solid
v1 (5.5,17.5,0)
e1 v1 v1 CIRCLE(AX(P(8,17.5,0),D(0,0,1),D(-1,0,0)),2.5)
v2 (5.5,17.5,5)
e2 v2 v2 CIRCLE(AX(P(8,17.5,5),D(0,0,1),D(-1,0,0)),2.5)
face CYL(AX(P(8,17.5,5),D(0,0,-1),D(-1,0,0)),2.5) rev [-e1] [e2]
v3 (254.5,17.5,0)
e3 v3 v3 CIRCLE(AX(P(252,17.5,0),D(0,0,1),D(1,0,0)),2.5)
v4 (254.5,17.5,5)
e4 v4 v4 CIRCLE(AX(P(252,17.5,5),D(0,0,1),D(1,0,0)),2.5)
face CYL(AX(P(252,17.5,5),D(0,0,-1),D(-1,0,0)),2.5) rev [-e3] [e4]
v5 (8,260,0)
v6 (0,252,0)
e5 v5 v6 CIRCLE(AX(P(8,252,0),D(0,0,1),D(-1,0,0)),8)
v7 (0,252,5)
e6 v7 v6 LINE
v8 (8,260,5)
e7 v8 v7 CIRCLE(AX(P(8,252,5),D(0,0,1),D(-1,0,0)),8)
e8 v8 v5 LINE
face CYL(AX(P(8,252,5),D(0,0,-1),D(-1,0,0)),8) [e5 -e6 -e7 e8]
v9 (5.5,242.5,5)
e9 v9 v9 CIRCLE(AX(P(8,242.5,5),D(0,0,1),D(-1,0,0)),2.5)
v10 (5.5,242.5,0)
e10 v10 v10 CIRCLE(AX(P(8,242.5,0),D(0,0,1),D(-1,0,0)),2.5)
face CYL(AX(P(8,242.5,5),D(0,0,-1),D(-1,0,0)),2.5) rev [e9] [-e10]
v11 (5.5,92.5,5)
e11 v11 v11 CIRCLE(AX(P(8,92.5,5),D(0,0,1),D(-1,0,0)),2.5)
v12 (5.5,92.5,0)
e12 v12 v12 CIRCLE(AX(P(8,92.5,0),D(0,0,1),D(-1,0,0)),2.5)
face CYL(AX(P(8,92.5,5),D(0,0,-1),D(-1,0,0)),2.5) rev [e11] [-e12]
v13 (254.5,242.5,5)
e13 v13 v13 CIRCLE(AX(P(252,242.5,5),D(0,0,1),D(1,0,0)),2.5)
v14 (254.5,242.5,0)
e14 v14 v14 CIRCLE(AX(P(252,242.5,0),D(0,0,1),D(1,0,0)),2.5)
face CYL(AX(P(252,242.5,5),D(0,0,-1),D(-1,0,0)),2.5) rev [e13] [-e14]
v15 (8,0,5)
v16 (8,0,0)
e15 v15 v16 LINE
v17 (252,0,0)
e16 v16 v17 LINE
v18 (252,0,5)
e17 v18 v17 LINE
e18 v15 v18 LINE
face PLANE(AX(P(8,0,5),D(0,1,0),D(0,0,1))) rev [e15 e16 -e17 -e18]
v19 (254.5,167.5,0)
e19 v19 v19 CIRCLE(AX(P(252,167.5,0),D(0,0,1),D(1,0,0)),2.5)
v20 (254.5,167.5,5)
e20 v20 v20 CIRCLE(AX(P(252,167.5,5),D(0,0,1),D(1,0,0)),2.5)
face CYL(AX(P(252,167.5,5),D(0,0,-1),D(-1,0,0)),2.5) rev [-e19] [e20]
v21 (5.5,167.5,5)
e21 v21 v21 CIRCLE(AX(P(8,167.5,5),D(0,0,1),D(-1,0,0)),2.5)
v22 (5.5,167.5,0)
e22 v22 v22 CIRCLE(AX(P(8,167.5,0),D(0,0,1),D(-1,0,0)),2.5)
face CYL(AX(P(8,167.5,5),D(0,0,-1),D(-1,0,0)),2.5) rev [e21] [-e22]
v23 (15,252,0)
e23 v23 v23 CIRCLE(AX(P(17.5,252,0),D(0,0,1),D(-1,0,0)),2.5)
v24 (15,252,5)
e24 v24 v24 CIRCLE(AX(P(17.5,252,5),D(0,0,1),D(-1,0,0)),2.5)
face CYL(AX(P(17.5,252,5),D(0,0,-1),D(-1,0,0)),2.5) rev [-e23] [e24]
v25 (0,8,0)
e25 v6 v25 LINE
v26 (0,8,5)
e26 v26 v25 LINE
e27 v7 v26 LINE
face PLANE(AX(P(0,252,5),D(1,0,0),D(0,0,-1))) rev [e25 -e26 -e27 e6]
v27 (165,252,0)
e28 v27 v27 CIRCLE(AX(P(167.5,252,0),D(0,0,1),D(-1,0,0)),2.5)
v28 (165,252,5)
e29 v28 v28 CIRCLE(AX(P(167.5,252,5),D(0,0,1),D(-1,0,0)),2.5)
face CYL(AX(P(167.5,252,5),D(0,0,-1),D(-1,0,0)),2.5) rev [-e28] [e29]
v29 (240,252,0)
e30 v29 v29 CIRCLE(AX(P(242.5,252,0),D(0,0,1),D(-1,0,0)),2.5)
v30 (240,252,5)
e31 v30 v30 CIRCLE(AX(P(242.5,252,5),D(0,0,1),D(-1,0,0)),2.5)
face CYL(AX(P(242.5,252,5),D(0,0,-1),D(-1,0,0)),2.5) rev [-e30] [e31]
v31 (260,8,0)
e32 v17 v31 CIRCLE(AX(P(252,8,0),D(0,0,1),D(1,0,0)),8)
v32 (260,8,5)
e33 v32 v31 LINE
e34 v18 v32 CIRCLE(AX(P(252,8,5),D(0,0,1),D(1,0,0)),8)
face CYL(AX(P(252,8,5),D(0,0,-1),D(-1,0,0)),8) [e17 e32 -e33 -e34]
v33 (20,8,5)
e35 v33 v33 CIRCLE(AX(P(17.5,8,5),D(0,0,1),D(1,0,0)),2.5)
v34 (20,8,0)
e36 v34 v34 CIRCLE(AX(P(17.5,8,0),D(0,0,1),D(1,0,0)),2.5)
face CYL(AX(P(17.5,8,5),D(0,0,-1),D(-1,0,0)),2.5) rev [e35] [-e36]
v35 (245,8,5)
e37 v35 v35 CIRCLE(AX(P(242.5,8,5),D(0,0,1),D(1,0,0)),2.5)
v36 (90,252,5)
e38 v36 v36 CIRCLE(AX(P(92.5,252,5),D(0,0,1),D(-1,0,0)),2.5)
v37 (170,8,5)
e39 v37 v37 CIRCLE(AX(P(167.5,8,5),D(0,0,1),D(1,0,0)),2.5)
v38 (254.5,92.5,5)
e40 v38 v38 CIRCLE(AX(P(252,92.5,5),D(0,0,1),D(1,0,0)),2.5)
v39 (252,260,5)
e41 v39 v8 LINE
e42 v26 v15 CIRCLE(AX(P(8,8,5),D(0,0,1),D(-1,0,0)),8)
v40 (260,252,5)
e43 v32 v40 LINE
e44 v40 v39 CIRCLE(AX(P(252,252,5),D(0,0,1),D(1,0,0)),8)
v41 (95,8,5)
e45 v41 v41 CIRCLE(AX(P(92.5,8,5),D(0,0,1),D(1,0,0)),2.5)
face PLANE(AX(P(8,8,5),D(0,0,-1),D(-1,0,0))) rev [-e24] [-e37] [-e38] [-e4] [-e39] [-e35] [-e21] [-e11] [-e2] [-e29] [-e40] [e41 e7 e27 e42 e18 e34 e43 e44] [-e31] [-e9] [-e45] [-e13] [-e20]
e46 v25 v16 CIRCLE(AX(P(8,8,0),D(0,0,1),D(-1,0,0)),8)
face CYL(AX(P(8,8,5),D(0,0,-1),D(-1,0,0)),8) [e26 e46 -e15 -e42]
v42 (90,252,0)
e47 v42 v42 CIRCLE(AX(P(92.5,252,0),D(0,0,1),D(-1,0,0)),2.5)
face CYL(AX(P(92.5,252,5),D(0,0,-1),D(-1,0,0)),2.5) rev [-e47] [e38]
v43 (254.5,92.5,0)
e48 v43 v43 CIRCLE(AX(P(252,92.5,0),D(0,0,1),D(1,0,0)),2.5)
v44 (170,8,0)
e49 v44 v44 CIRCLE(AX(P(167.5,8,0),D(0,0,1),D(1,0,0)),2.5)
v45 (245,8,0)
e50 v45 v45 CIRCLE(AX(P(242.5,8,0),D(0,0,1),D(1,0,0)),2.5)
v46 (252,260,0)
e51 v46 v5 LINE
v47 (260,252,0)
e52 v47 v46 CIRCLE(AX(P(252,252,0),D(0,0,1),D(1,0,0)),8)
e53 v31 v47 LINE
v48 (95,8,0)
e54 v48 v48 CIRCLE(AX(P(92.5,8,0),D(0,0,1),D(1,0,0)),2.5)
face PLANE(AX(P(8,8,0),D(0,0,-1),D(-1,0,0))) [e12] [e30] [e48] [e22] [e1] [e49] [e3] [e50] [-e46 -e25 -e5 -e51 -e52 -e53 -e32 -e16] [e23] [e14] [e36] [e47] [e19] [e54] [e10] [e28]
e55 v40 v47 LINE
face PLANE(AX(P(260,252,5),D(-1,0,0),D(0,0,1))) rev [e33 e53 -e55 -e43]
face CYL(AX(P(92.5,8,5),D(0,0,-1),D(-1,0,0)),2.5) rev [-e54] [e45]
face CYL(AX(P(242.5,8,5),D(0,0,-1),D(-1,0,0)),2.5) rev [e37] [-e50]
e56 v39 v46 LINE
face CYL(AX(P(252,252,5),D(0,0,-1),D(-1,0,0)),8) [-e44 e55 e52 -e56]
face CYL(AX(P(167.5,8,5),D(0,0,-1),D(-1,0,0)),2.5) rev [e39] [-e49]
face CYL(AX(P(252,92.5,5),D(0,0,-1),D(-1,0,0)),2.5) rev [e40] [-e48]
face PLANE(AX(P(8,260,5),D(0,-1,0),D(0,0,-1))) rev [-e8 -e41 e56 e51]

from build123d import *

# Parameters (mm, degrees)
SKETCH_1_R      = 2.5
EXTRUDE_4_DEPTH = 5


with BuildPart() as part:
    # 草图1 → 凸台-拉伸4 (new body)
    with BuildSketch(Plane.XY):
        with BuildLine():
            Line((8, 260), (252, 260))
            ThreePointArc((252, 260), (257.656854249, 257.656854249), (260, 252))
            Line((260, 252), (260, 8))
            ThreePointArc((260, 8), (257.656854249, 2.343145751), (252, 0))
            Line((252, 0), (8, 0))
            ThreePointArc((8, 0), (2.343145751, 2.343145751), (0, 8))
            Line((0, 8), (0, 252))
            ThreePointArc((0, 252), (2.343145751, 257.656854249), (8, 260))
        make_face()
        with Locations((17.5, 8)):
            Circle(SKETCH_1_R, mode=Mode.SUBTRACT)
        with Locations((92.5, 8)):
            Circle(SKETCH_1_R, mode=Mode.SUBTRACT)
        with Locations((167.5, 8)):
            Circle(SKETCH_1_R, mode=Mode.SUBTRACT)
        with Locations((242.5, 8)):
            Circle(SKETCH_1_R, mode=Mode.SUBTRACT)
        with Locations((252, 242.5)):
            Circle(SKETCH_1_R, mode=Mode.SUBTRACT)
        with Locations((252, 167.5)):
            Circle(SKETCH_1_R, mode=Mode.SUBTRACT)
        with Locations((252, 92.5)):
            Circle(SKETCH_1_R, mode=Mode.SUBTRACT)
        with Locations((252, 17.5)):
            Circle(SKETCH_1_R, mode=Mode.SUBTRACT)
        with Locations(Location((242.5, 252, 0), (0, 0, 180))):
            Circle(SKETCH_1_R, mode=Mode.SUBTRACT)
        with Locations(Location((167.5, 252, 0), (0, 0, 180))):
            Circle(SKETCH_1_R, mode=Mode.SUBTRACT)
        with Locations(Location((92.5, 252, 0), (0, 0, 180))):
            Circle(SKETCH_1_R, mode=Mode.SUBTRACT)
        with Locations(Location((17.5, 252, 0), (0, 0, 180))):
            Circle(SKETCH_1_R, mode=Mode.SUBTRACT)
        with Locations(Location((8, 17.5, 0), (0, 0, 180))):
            Circle(SKETCH_1_R, mode=Mode.SUBTRACT)
        with Locations(Location((8, 92.5, 0), (0, 0, 180))):
            Circle(SKETCH_1_R, mode=Mode.SUBTRACT)
        with Locations(Location((8, 167.5, 0), (0, 0, 180))):
            Circle(SKETCH_1_R, mode=Mode.SUBTRACT)
        with Locations(Location((8, 242.5, 0), (0, 0, 180))):
            Circle(SKETCH_1_R, mode=Mode.SUBTRACT)
    extrude(amount=EXTRUDE_4_DEPTH)


solid = part.part
